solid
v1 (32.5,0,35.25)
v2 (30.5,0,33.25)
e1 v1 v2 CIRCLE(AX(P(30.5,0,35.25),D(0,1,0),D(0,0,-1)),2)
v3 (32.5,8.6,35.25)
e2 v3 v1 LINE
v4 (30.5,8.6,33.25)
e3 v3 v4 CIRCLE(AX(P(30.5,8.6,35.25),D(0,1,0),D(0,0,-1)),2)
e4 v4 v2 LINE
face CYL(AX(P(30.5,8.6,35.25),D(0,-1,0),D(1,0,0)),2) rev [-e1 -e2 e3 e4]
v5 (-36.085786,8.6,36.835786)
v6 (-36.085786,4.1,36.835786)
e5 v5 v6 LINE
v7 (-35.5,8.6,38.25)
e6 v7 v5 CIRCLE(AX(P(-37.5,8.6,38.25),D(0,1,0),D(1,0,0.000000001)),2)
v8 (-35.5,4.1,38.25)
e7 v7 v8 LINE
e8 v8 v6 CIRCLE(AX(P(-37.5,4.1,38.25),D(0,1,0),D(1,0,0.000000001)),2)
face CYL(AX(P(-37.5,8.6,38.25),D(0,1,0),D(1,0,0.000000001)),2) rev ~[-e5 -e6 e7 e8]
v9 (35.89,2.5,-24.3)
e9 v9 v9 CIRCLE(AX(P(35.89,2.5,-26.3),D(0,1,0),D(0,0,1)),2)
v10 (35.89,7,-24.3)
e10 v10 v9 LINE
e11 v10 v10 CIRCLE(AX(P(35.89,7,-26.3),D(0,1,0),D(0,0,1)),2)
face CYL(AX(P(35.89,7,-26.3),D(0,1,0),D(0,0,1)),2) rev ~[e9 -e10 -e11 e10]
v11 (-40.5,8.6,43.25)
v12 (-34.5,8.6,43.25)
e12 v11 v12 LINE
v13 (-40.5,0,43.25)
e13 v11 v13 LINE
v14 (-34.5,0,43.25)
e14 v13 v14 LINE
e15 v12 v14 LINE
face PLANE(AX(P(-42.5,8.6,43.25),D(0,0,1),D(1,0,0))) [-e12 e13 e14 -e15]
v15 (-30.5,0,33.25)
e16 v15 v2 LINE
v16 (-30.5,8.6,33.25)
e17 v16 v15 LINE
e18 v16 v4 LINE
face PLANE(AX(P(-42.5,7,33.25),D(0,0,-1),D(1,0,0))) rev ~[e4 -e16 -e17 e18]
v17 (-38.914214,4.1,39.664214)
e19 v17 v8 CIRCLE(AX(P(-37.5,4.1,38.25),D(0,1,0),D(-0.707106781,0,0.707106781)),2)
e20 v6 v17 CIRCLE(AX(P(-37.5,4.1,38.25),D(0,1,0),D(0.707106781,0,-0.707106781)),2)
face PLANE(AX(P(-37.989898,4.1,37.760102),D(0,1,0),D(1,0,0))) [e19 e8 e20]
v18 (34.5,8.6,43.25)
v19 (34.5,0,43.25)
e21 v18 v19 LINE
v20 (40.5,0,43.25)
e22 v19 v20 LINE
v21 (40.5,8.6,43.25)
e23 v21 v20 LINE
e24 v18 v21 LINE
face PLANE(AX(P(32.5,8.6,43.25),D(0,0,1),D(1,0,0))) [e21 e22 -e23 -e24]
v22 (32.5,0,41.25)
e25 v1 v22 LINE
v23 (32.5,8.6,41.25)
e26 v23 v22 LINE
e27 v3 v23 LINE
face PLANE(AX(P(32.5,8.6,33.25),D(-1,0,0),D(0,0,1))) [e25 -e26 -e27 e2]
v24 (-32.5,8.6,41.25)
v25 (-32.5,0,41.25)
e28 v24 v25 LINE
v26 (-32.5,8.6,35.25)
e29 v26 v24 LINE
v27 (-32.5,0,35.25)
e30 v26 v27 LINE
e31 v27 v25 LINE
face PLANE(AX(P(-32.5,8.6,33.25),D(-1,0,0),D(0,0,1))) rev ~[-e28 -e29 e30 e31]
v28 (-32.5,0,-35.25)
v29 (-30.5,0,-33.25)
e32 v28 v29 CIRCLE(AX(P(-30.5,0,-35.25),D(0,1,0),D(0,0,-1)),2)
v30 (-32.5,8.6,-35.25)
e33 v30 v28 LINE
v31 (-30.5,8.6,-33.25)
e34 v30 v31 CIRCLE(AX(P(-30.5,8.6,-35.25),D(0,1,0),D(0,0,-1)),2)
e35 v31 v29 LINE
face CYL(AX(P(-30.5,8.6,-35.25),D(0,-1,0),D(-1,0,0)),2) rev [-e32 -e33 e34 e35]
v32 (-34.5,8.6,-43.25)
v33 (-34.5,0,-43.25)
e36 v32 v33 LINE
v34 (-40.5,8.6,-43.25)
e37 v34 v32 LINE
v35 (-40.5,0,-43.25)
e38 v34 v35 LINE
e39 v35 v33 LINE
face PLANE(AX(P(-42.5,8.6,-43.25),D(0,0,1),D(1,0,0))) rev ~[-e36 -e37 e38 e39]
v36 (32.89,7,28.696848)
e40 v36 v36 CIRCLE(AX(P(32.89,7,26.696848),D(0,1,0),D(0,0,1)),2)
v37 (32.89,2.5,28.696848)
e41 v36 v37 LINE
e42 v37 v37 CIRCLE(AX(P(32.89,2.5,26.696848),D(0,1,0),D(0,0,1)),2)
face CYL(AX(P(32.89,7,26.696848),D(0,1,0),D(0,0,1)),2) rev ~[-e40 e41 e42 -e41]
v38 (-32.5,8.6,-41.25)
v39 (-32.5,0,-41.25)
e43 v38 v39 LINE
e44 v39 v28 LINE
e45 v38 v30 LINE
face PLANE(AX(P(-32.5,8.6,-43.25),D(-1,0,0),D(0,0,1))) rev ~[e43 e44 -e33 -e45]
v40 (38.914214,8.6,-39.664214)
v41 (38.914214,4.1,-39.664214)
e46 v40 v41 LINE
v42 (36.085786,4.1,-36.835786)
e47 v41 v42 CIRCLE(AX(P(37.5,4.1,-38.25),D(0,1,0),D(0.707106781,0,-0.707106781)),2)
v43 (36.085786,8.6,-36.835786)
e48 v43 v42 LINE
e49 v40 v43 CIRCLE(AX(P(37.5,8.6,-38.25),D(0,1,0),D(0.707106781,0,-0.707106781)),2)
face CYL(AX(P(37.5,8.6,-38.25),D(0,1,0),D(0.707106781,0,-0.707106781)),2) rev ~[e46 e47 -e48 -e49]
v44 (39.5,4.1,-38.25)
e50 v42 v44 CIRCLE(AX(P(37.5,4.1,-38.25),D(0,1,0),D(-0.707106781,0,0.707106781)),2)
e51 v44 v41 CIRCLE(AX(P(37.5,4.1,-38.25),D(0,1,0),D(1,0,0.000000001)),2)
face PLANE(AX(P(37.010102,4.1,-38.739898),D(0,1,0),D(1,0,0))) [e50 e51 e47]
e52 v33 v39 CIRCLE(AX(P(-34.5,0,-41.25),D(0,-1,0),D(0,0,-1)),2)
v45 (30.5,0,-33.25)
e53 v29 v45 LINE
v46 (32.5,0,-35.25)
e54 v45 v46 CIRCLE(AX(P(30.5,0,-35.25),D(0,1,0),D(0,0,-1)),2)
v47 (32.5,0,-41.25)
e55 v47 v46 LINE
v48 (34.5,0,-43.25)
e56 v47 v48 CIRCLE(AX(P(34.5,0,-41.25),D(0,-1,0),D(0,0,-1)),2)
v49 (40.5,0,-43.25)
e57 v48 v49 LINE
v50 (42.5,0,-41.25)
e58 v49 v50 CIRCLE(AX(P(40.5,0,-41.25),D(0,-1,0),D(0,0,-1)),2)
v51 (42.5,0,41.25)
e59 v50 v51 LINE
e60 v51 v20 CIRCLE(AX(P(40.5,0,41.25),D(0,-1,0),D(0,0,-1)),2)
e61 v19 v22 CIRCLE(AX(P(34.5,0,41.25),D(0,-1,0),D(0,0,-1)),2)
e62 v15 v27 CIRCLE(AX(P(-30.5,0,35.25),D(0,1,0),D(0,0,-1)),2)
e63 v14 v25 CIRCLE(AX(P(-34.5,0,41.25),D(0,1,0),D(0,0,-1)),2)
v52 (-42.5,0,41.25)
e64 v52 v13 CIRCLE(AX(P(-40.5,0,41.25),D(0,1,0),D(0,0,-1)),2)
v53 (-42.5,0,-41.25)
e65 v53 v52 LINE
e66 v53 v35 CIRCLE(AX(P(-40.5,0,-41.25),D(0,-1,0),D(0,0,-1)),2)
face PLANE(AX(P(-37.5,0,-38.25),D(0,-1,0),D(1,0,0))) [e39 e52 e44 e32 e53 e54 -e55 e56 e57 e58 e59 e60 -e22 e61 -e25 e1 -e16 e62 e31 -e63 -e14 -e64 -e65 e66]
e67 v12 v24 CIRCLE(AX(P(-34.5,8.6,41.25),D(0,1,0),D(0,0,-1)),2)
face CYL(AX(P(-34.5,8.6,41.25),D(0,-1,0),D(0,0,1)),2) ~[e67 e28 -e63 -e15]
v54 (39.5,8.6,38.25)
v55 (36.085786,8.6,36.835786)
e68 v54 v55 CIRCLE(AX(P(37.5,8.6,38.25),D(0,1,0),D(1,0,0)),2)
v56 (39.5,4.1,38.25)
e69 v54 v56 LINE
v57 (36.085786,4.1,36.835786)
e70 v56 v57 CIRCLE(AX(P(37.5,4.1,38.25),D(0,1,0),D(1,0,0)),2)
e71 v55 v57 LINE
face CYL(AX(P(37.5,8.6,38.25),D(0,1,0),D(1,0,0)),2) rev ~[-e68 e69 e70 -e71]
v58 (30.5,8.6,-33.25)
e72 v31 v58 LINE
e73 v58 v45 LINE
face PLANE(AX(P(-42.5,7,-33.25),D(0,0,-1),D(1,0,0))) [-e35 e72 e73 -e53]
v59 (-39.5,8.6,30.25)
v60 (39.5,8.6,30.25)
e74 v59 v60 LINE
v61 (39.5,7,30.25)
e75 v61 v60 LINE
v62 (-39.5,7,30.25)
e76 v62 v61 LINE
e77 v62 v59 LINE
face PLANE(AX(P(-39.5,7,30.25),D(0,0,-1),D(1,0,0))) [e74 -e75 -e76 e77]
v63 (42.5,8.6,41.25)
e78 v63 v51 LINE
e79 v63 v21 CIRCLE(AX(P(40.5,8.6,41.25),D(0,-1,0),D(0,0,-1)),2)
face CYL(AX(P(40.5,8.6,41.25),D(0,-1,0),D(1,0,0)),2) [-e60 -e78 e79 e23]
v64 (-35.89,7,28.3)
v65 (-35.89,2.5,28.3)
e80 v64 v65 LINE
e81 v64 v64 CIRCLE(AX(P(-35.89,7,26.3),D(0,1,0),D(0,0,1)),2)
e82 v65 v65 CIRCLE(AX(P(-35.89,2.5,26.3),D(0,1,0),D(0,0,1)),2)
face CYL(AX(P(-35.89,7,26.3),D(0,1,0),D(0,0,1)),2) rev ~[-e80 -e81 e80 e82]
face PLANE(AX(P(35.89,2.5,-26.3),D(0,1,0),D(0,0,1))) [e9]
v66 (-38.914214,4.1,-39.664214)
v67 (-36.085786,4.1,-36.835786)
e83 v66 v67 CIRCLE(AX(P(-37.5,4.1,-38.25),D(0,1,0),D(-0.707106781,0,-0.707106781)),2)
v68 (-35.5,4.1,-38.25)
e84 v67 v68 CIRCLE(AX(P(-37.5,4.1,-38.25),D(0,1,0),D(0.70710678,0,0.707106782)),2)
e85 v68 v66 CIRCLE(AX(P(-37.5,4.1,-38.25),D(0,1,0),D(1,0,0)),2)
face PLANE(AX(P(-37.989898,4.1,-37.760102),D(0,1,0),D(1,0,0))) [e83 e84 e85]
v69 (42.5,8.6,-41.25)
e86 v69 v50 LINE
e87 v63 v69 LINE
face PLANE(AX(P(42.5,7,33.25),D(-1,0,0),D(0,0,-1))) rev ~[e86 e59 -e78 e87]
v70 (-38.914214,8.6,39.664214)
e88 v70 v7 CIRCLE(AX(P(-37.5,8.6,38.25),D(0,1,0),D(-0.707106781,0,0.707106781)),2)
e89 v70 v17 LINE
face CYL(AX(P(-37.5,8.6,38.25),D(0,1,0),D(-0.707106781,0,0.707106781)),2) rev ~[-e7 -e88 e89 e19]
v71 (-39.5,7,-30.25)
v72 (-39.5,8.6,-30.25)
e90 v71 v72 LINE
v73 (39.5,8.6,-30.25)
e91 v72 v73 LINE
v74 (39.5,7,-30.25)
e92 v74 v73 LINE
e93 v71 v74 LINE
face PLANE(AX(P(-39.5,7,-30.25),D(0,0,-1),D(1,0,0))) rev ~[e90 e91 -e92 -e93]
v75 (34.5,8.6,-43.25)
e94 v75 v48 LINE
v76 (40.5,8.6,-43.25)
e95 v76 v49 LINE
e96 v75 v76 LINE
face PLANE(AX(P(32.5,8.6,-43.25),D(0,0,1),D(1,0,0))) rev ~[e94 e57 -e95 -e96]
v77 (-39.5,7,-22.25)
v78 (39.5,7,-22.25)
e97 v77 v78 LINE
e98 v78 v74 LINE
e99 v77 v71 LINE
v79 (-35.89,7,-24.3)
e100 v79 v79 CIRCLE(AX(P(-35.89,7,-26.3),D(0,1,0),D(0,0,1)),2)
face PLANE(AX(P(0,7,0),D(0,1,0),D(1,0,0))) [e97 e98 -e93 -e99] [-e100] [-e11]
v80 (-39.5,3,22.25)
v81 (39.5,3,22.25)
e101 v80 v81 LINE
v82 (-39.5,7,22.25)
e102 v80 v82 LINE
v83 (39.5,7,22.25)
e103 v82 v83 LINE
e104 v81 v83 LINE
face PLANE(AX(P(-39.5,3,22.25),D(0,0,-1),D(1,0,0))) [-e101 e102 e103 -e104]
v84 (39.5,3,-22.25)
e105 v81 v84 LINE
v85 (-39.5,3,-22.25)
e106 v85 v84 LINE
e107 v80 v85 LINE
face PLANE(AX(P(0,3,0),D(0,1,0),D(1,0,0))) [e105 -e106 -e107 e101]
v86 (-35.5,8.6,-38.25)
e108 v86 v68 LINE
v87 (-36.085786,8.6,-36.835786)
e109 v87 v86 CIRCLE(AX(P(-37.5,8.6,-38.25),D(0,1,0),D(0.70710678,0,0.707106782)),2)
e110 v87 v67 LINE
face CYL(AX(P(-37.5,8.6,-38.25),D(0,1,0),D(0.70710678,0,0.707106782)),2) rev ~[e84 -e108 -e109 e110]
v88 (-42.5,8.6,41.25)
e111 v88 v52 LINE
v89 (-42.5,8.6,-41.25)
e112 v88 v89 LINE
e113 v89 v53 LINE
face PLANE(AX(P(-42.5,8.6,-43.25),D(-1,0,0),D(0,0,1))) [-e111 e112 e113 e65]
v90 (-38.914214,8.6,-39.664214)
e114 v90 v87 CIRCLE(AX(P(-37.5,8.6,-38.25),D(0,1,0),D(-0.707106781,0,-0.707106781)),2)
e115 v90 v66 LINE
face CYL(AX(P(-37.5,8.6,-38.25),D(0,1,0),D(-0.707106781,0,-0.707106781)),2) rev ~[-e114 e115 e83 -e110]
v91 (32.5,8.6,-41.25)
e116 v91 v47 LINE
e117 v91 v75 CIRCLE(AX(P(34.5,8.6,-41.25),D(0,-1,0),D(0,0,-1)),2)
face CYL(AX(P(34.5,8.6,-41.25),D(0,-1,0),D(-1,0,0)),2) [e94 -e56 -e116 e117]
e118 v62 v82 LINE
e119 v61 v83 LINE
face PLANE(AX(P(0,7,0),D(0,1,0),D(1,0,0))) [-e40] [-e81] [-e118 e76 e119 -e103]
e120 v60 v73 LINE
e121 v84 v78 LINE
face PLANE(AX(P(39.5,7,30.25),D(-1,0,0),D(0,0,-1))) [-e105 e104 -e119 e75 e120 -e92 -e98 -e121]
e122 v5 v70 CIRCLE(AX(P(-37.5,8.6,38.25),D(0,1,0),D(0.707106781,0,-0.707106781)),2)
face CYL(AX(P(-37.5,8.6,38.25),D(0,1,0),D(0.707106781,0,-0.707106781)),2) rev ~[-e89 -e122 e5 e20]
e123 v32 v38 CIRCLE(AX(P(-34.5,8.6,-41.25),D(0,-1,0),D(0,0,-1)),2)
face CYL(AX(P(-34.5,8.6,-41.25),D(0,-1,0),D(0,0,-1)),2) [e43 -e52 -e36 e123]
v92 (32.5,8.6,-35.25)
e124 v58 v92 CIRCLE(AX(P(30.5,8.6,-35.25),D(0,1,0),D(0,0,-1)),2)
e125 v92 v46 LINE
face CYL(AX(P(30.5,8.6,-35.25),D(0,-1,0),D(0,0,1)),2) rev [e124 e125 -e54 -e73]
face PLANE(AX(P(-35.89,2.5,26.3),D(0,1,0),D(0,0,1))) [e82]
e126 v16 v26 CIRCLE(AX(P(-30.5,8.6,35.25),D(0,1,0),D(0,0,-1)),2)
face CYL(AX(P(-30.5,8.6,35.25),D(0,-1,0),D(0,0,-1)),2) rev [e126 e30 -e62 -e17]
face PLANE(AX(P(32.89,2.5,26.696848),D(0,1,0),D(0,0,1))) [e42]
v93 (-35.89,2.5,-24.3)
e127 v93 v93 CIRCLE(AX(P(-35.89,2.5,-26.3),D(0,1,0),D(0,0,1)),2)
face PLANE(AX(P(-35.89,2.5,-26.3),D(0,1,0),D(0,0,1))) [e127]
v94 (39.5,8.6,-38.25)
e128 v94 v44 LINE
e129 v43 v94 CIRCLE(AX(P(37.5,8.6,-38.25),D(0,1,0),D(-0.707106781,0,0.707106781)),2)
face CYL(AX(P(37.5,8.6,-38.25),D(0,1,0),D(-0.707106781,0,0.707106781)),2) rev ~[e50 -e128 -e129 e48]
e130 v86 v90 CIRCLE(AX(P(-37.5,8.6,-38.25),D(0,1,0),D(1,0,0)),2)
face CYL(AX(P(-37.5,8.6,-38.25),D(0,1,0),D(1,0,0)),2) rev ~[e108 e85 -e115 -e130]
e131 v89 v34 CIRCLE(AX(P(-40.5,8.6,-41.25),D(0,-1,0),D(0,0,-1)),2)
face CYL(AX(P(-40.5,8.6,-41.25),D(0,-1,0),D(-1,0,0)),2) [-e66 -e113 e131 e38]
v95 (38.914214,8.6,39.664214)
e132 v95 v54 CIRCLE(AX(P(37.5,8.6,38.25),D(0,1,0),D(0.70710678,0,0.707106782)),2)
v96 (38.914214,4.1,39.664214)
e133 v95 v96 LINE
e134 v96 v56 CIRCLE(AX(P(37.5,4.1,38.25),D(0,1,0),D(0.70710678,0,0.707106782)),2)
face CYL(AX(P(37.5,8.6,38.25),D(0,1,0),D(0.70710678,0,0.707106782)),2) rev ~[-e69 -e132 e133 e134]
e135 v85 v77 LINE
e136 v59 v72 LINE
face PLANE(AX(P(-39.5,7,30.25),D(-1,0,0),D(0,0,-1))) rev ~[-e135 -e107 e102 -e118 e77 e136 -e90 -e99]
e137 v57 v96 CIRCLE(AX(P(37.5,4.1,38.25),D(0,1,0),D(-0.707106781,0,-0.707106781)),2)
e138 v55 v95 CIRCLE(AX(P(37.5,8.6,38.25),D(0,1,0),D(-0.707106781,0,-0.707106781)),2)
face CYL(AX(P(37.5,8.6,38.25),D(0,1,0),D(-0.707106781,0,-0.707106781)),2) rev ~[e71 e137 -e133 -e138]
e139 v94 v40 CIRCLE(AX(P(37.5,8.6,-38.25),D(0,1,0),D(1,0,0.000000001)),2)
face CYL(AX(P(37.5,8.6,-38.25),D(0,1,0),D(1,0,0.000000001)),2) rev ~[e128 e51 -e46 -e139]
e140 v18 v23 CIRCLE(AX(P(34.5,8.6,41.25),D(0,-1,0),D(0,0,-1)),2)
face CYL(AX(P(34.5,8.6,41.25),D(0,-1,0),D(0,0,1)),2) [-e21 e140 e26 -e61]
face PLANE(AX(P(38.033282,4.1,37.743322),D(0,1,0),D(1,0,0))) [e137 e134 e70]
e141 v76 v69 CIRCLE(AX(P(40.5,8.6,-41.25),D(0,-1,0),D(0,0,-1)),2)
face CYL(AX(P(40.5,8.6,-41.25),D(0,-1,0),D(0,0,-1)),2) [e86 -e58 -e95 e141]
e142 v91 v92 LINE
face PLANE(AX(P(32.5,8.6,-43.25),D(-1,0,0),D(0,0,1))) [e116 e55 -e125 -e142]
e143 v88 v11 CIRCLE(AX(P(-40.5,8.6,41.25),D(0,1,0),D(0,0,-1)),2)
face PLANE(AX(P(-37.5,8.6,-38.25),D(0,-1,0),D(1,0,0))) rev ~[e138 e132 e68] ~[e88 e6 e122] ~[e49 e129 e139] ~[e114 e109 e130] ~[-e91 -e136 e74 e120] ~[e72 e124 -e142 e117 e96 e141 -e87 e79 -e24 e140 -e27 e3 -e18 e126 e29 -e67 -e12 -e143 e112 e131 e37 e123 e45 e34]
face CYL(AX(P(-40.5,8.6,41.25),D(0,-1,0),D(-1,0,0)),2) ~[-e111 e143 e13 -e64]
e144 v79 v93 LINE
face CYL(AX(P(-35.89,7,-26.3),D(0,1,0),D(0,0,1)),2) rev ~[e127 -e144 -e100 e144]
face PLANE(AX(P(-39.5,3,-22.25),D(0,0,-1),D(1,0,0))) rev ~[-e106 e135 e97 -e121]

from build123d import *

# Parameters (mm, degrees)
SKETCH2_W           = 85
SKETCH2_H           = 66.5
BOSS_EXTRUDE2_DEPTH = 3
SKETCH3_W           = 85
SKETCH3_H           = 66.5
SKETCH3_W_2         = 79
SKETCH3_H_2         = 60.5
SKETCH3_H_3         = 8
BOSS_EXTRUDE3_DEPTH = 4
SKETCH4_R           = 2
CUT_EXTRUDE1_DEPTH  = 4.5
SKETCH5_W           = 85
SKETCH5_H           = 66.5
SKETCH5_W_2         = 79
SKETCH5_H_2         = 60.5
BOSS_EXTRUDE4_DEPTH = 1.6
BOSS_EXTRUDE5_START = -8.6
SKETCH6_W           = 10
SKETCH6_H           = 10
BOSS_EXTRUDE5_DEPTH = 8.6
CUT_EXTRUDE2_DEPTH  = 4.5
FILLET1_R           = 2


with BuildPart() as part:
    # Sketch2 → Boss-Extrude2 (new body)
    with BuildSketch(Plane(origin=(0, 0, 0), x_dir=(1, 0, 0), z_dir=(0, 1, 0))):
        Rectangle(SKETCH2_W, SKETCH2_H)
    extrude(amount=BOSS_EXTRUDE2_DEPTH)

    # Sketch3 → Boss-Extrude3 (add)
    # profile 1 of 3: a face of its own
    with BuildSketch(Plane(origin=(0, 3, 0), x_dir=(1, 0, 0), z_dir=(0, 1, 0))):
        Rectangle(SKETCH3_W, SKETCH3_H)
        Rectangle(SKETCH3_W_2, SKETCH3_H_2, mode=Mode.SUBTRACT)
    # profile 2 of 3: a face of its own
    with BuildSketch(Plane(origin=(0, 3, 0), x_dir=(1, 0, 0), z_dir=(0, 1, 0))):
        with Locations((0, 26.25)):
            Rectangle(SKETCH3_W_2, SKETCH3_H_3)
    # profile 3 of 3: a face of its own
    with BuildSketch(Plane(origin=(0, 3, 0), x_dir=(1, 0, 0), z_dir=(0, 1, 0))):
        with Locations((0, -26.25)):
            Rectangle(SKETCH3_W_2, SKETCH3_H_3)
    extrude(amount=BOSS_EXTRUDE3_DEPTH)

    # Sketch4 → Cut-Extrude1 (cut)
    with BuildSketch(Plane(origin=(0, 7, 0), x_dir=(1, 0, 0), z_dir=(0, 1, 0))):
        with Locations(Location((-35.89, 26.3, 0), (0, 0, 270))):
            Circle(SKETCH4_R)
        with Locations(Location((-35.89, -26.3, 0), (0, 0, 270))):
            Circle(SKETCH4_R)
        with Locations(Location((35.89, 26.3, 0), (0, 0, 270))):
            Circle(SKETCH4_R)
        with Locations(Location((32.89, -26.69684774, 0), (0, 0, 270))):
            Circle(SKETCH4_R)
    extrude(amount=-CUT_EXTRUDE1_DEPTH, mode=Mode.SUBTRACT)

    # Sketch5 → Boss-Extrude4 (add)
    with BuildSketch(Plane(origin=(0, 7, 0), x_dir=(1, 0, 0), z_dir=(0, 1, 0))):
        Rectangle(SKETCH5_W, SKETCH5_H)
        Rectangle(SKETCH5_W_2, SKETCH5_H_2, mode=Mode.SUBTRACT)
    extrude(amount=BOSS_EXTRUDE4_DEPTH)

    # Sketch6 → Boss-Extrude5 (add)
    with BuildSketch(Plane.XZ.offset(BOSS_EXTRUDE5_START)):
        with Locations((-37.5, -38.25)):
            Rectangle(SKETCH6_W, SKETCH6_H)
        with Locations((37.5, -38.25)):
            Rectangle(SKETCH6_W, SKETCH6_H)
        with Locations((37.5, 38.25)):
            Rectangle(SKETCH6_W, SKETCH6_H)
        with Locations((-37.5, 38.25)):
            Rectangle(SKETCH6_W, SKETCH6_H)
    extrude(amount=BOSS_EXTRUDE5_DEPTH)

    # Sketch7 → Cut-Extrude2 (cut)
    with BuildSketch(Plane(origin=(0, 8.6, 0), x_dir=(1, 0, 0), z_dir=(0, 1, 0))):
        with BuildLine():
            ThreePointArc((-38.914213562, 39.664213562), (-38.914213562, 36.835786438), (-36.085786438, 36.835786438))
            Line((-36.085786438, 36.835786438), (-38.914213562, 39.664213562))
        make_face()
        with BuildLine():
            Line((-38.914213562, 39.664213562), (-36.085786438, 36.835786438))
            ThreePointArc((-36.085786438, 36.835786438), (-35.652240935, 37.484633135), (-35.5, 38.25))
            ThreePointArc((-35.5, 38.25), (-36.734633135, 40.097759065), (-38.914213562, 39.664213562))
        make_face()
        with BuildLine():
            ThreePointArc((38.914213562, 39.664213562), (36.085786438, 39.664213562), (36.085786438, 36.835786438))
            Line((36.085786438, 36.835786438), (38.914213562, 39.664213562))
        make_face()
        with BuildLine():
            Line((38.914213562, 39.664213562), (36.085786438, 36.835786438))
            ThreePointArc((36.085786438, 36.835786438), (38.265366865, 36.402240935), (39.5, 38.25))
            ThreePointArc((39.5, 38.25), (39.347759065, 39.015366865), (38.914213562, 39.664213562))
        make_face()
        with BuildLine():
            ThreePointArc((39.5, -38.25), (38.265366865, -36.402240935), (36.085786438, -36.835786438))
            Line((36.085786438, -36.835786438), (38.914213562, -39.664213562))
            ThreePointArc((38.914213562, -39.664213562), (39.347759065, -39.015366865), (39.5, -38.25))
        make_face()
        with BuildLine():
            Line((38.914213562, -39.664213562), (36.085786438, -36.835786438))
            ThreePointArc((36.085786438, -36.835786438), (36.085786438, -39.664213562), (38.914213562, -39.664213562))
        make_face()
        with BuildLine():
            ThreePointArc((-36.085786438, -36.835786438), (-38.914213562, -36.835786438), (-38.914213562, -39.664213562))
            Line((-38.914213562, -39.664213562), (-36.085786438, -36.835786438))
        make_face()
        with BuildLine():
            Line((-36.085786438, -36.835786438), (-38.914213562, -39.664213562))
            ThreePointArc((-38.914213562, -39.664213562), (-36.734633135, -40.097759065), (-35.5, -38.25))
            ThreePointArc((-35.5, -38.25), (-35.652240935, -37.484633135), (-36.085786438, -36.835786438))
        make_face()
    extrude(amount=-CUT_EXTRUDE2_DEPTH, mode=Mode.SUBTRACT)

    # Fillet1
    fillet1_edges = [part.edges().sort_by_distance(p)[0] for p in [
        (42.5, 4.3, -43.25),
        (32.5, 4.3, -43.25),
        (32.5, 4.3, -33.25),
        (42.5, 4.3, 43.25),
        (32.5, 4.3, 33.25),
        (32.5, 4.3, 43.25),
        (-42.5, 4.3, 43.25),
        (-32.5, 4.3, 43.25),
        (-32.5, 4.3, 33.25),
        (-42.5, 4.3, -43.25),
        (-32.5, 4.3, -33.25),
        (-32.5, 4.3, -43.25),
    ]]
    fillet(fillet1_edges, radius=FILLET1_R)


solid = part.part
